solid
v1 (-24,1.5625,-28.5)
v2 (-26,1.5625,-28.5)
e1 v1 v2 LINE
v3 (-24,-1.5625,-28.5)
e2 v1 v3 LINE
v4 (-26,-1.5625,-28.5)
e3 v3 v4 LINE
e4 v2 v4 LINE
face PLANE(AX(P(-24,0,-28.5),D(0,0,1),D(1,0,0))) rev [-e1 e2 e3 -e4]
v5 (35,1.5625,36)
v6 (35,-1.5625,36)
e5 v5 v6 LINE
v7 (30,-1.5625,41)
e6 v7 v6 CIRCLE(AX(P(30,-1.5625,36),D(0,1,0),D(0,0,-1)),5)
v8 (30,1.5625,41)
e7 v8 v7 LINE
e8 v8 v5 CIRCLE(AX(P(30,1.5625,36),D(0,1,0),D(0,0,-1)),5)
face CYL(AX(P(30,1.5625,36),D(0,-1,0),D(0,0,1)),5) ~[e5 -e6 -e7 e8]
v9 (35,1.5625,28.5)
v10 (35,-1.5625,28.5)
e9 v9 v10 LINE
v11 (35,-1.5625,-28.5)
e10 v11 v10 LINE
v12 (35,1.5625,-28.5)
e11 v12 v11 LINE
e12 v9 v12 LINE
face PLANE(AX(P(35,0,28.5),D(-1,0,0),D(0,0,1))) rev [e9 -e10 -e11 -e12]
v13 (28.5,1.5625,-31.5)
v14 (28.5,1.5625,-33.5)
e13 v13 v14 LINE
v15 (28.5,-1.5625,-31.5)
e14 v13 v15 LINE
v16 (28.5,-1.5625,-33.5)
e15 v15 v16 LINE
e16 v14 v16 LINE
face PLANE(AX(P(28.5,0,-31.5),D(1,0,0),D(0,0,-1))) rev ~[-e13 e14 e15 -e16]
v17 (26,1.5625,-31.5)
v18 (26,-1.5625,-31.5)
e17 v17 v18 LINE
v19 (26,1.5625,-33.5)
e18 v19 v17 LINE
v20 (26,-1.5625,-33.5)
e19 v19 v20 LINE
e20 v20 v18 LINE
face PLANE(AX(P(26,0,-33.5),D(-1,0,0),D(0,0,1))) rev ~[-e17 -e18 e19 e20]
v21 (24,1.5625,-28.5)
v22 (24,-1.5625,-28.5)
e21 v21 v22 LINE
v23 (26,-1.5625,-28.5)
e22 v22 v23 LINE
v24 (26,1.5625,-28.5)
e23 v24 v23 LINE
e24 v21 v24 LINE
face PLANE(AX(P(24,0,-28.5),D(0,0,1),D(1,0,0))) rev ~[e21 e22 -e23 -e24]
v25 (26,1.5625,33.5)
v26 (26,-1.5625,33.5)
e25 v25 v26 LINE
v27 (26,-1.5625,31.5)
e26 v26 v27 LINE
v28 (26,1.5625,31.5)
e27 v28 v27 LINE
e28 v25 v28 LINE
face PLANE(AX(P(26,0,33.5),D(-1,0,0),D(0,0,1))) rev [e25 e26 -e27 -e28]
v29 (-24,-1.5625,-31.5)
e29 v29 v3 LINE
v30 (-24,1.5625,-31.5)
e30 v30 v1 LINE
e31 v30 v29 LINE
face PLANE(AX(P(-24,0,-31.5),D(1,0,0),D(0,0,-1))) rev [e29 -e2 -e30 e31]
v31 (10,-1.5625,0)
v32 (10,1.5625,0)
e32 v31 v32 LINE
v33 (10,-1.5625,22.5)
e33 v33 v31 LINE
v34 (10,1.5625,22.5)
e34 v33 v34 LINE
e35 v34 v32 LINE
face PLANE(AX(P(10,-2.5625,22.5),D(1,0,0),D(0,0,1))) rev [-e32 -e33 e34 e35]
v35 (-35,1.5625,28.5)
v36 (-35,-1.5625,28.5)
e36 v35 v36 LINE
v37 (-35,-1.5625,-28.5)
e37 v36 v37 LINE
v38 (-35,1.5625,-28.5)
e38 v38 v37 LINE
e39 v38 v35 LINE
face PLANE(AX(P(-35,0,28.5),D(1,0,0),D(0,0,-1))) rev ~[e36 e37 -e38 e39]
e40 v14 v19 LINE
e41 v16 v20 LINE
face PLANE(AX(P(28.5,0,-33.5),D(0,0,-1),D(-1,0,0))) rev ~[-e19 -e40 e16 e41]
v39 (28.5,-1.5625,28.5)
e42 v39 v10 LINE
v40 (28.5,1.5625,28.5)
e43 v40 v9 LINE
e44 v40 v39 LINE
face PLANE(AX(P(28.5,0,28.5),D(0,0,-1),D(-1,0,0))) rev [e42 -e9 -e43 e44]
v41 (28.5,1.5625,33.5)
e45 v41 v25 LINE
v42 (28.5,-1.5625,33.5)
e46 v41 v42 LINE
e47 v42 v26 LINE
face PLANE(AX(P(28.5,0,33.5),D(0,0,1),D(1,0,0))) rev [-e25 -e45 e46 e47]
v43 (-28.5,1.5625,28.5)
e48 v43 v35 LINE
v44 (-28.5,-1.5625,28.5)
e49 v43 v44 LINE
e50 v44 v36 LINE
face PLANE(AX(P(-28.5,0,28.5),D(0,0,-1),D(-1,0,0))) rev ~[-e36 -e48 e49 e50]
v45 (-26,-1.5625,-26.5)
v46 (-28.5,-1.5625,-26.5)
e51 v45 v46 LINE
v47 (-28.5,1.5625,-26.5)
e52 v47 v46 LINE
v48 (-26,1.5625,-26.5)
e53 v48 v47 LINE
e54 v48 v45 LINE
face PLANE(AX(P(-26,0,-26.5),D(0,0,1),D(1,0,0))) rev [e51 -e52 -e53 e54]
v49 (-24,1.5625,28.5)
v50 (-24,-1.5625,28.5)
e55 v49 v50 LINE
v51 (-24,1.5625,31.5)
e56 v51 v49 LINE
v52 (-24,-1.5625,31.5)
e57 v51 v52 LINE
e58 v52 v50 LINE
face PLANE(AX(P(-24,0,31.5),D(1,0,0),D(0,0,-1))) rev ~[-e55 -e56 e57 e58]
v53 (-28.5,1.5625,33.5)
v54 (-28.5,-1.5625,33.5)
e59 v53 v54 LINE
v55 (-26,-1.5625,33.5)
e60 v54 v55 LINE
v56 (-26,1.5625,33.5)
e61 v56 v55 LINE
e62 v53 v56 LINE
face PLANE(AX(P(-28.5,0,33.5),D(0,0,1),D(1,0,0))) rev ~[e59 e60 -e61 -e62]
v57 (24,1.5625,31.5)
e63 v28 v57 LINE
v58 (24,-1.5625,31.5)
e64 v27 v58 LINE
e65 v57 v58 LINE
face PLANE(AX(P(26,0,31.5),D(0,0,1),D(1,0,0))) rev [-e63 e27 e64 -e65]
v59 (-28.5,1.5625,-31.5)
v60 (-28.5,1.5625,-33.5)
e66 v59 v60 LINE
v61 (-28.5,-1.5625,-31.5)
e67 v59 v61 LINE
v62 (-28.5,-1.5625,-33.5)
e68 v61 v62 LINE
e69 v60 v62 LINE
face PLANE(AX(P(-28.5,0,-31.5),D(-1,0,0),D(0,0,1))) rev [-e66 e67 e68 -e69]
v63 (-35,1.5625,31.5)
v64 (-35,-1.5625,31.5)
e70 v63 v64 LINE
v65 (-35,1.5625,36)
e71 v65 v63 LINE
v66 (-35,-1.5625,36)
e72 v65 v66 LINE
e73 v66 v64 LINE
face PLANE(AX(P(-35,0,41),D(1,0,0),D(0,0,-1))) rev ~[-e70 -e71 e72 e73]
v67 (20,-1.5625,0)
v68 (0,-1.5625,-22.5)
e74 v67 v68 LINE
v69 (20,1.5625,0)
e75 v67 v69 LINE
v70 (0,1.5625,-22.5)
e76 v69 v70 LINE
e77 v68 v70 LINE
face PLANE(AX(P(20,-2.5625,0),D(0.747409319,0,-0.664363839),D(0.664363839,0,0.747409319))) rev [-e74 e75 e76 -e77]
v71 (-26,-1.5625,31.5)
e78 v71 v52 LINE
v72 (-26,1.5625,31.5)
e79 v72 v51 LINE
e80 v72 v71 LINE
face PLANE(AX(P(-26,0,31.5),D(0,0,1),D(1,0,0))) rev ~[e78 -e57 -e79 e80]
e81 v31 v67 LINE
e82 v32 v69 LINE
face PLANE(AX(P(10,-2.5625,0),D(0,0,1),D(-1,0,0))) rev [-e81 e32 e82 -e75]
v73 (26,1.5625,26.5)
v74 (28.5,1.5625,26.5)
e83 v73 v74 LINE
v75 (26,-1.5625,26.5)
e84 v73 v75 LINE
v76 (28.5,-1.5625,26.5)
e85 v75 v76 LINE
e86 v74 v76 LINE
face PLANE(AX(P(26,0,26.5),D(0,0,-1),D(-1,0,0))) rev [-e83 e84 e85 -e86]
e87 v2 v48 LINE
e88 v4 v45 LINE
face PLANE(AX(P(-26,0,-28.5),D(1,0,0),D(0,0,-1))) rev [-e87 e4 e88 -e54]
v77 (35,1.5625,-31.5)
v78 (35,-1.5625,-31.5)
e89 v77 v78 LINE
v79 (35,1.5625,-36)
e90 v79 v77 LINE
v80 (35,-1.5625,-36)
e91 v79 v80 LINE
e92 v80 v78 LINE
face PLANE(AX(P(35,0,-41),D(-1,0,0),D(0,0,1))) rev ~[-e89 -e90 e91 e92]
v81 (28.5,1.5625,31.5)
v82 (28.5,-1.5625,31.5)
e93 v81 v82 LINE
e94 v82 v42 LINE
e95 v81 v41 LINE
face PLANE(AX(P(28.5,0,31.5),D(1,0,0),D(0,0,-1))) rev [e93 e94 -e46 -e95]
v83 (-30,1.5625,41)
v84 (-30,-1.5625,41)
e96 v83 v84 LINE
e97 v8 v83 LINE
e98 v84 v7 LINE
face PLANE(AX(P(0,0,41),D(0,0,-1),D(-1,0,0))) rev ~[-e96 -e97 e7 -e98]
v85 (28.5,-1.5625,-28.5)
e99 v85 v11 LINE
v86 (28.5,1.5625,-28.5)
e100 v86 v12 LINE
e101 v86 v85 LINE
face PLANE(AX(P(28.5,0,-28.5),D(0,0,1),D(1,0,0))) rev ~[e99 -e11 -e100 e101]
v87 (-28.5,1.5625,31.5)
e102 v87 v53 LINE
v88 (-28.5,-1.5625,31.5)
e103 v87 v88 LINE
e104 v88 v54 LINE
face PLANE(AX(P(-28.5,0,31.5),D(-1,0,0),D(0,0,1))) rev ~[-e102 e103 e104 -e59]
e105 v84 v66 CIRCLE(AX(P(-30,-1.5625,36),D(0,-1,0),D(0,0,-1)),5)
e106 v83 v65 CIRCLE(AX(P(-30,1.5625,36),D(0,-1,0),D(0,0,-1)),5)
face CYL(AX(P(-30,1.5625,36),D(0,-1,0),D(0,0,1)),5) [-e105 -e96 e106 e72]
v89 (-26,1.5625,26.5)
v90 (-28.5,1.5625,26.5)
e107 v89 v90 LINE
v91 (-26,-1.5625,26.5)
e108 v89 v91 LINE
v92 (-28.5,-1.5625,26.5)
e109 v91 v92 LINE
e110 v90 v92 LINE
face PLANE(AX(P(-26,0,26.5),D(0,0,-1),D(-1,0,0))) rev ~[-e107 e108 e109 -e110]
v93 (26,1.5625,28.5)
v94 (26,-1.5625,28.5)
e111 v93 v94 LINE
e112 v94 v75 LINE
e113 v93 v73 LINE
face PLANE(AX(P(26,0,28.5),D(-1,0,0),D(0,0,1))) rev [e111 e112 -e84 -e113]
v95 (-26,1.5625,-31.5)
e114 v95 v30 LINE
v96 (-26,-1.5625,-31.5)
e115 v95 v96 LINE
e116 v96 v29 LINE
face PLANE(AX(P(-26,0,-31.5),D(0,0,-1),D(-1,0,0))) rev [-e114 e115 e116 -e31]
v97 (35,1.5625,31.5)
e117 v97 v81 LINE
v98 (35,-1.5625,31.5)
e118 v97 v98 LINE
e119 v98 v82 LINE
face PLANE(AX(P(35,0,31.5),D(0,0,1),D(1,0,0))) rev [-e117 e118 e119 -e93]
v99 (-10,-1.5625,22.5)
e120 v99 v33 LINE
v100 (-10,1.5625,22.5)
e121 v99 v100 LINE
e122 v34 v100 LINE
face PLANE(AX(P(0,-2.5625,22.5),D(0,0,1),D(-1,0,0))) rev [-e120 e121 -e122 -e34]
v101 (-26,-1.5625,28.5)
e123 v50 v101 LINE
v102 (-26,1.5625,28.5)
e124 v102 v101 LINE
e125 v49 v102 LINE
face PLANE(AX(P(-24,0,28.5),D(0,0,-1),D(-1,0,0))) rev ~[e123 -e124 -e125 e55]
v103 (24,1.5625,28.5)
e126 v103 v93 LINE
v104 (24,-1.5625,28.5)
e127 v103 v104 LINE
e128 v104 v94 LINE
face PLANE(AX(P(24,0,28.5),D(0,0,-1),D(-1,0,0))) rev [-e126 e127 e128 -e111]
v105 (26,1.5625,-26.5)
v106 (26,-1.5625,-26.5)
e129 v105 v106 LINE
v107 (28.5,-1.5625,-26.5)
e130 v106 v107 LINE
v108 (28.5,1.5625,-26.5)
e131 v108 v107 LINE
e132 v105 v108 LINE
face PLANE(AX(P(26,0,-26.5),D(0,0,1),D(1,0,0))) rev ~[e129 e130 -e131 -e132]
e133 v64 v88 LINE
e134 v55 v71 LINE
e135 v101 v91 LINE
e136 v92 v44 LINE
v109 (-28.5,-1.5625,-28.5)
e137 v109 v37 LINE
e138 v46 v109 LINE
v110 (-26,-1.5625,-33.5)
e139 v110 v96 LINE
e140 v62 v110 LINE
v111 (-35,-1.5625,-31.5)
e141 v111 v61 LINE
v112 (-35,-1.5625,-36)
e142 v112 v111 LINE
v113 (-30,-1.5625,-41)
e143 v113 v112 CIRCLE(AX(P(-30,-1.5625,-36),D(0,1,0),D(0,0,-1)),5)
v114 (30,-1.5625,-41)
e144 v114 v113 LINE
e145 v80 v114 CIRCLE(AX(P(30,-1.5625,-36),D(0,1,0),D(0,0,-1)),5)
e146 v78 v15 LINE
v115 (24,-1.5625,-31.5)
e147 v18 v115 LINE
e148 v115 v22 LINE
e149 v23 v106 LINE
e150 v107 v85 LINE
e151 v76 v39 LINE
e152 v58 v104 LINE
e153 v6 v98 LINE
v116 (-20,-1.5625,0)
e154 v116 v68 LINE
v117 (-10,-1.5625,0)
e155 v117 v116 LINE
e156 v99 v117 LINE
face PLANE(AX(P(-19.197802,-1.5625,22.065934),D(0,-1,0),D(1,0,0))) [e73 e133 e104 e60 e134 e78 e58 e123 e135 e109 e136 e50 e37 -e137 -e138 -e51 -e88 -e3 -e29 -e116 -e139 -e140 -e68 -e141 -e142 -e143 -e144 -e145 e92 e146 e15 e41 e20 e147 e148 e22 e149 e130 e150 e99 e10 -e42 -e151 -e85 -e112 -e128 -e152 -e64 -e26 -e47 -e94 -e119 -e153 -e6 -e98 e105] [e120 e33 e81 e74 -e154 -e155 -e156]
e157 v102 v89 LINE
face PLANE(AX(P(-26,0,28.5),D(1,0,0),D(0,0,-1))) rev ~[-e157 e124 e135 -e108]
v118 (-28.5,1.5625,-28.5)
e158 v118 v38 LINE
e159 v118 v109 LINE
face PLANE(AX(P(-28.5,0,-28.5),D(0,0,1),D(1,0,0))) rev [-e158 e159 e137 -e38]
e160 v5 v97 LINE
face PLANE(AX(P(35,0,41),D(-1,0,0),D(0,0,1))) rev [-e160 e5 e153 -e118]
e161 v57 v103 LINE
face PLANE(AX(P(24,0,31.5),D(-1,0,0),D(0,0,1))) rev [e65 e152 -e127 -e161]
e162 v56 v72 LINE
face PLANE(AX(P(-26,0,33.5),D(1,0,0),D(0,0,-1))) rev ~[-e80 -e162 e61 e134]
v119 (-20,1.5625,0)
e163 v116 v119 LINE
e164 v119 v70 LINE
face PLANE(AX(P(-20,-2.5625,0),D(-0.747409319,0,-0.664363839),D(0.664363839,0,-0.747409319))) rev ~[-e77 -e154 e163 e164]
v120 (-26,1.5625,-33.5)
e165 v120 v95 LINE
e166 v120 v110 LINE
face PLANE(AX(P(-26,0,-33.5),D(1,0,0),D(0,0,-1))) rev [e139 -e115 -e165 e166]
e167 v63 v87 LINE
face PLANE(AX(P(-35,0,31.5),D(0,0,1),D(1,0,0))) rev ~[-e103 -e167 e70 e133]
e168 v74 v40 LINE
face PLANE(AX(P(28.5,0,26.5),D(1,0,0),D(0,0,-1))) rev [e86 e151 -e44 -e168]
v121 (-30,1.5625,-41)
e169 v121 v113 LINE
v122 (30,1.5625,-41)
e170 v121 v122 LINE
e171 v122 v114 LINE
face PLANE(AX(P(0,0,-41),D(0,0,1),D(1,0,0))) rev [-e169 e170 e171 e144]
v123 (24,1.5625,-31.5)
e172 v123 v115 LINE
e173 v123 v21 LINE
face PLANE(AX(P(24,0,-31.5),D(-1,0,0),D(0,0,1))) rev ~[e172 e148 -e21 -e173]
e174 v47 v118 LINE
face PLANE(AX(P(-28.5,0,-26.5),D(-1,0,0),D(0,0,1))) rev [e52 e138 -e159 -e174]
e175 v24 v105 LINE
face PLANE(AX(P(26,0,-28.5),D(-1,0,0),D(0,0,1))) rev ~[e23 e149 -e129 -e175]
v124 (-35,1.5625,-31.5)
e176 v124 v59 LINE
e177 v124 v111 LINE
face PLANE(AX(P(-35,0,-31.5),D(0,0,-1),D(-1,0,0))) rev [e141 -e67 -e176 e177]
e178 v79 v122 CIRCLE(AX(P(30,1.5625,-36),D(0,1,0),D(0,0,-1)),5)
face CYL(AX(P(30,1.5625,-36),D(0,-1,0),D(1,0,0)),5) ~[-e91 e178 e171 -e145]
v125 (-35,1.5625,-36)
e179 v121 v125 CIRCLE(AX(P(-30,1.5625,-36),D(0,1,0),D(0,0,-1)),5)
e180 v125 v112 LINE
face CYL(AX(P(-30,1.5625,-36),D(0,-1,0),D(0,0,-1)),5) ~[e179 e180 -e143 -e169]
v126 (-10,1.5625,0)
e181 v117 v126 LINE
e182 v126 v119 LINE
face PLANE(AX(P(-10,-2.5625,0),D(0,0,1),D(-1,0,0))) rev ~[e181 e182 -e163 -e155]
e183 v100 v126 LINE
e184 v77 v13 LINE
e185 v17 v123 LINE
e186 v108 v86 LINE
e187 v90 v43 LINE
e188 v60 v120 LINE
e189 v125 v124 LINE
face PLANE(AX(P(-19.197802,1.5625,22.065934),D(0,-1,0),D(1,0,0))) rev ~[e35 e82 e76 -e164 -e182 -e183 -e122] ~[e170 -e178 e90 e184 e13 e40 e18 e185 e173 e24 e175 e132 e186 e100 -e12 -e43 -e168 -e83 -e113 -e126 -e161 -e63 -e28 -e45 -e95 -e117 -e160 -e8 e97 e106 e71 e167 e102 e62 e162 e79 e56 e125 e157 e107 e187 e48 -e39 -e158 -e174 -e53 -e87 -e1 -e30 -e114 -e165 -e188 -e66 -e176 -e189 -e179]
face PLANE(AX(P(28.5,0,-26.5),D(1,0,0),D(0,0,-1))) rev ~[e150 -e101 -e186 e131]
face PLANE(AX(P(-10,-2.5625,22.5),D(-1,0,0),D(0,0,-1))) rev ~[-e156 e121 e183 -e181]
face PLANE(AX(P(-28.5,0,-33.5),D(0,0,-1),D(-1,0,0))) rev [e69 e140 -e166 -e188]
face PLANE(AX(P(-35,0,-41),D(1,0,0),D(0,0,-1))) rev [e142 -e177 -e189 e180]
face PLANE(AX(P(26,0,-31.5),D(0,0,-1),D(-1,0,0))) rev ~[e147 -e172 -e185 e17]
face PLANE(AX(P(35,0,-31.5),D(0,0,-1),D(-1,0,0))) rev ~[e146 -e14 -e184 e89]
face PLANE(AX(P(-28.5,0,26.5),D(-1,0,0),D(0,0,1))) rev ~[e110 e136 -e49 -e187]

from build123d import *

# Parameters (mm, degrees)
BOSS_EXTRUDE1_DEPTH  = 1.5625
MIRROR4_COPY_1_DEPTH = 1.5625
FILLET1_R            = 5
CUT_EXTRUDE1_START   = -4.125
CUT_EXTRUDE1_DEPTH   = 5.125


with BuildPart() as part:
    # Sketch1 → Boss-Extrude1 (new body, symmetric)
    with BuildSketch(Plane(origin=(0, 0, 0), x_dir=(1, 0, 0), z_dir=(0, 1, 0))):
        Polygon((0, 41), (35, 41), (35, 31.5), (28.5, 31.5), (28.5, 33.5), (26, 33.5), (26, 31.5), (24, 31.5), (24, 28.5), (26, 28.5), (26, 26.5), (28.5, 26.5), (28.5, 28.5), (35, 28.5), (35, 0), (0, 0), align=None)
    boss_extrude1 = extrude(amount=BOSS_EXTRUDE1_DEPTH, both=True)

    # Mirror1: Boss-Extrude1 across plane
    add(boss_extrude1.mirror(Plane(origin=(0, 0, 0), x_dir=(0, 0, 1), z_dir=(1, 0, 0))))

    # Mirror4: Boss-Extrude1 across plane
    add(boss_extrude1.mirror(Plane.XY))

    # Mirror4 copy 1 sketch → Mirror4 copy 1 (add, symmetric)
    with BuildSketch(Plane(origin=(0, 0, 0), x_dir=(-1, 0, 0), z_dir=(0, 1, 0))):
        Polygon((0, 41), (35, 41), (35, 31.5), (28.5, 31.5), (28.5, 33.5), (26, 33.5), (26, 31.5), (24, 31.5), (24, 28.5), (26, 28.5), (26, 26.5), (28.5, 26.5), (28.5, 28.5), (35, 28.5), (35, 0), (0, 0), align=None)
    extrude(amount=MIRROR4_COPY_1_DEPTH, both=True)

    # Fillet1
    fillet1_edges = [part.edges().sort_by_distance(p)[0] for p in [
        (35, 0, 41),
        (35, 0, -41),
        (-35, 0, -41),
        (-35, 0, 41),
    ]]
    fillet(fillet1_edges, radius=FILLET1_R)

    # Sketch2 → Cut-Extrude1 (cut)
    with BuildSketch(Plane(origin=(0, 1.5625, 0), x_dir=(1, 0, 0), z_dir=(0, 1, 0)).offset(CUT_EXTRUDE1_START)):
        Polygon((0, 22.5), (0, -22.5), (-10, -22.5), (-10, 0), (-20, 0), align=None)
    cut_extrude1 = extrude(amount=CUT_EXTRUDE1_DEPTH, mode=Mode.SUBTRACT)

    # Mirror5: Cut-Extrude1 across plane
    add(cut_extrude1.mirror(Plane(origin=(0, 0, 0), x_dir=(0, 0, 1), z_dir=(1, 0, 0))), mode=Mode.SUBTRACT)


solid = part.part
